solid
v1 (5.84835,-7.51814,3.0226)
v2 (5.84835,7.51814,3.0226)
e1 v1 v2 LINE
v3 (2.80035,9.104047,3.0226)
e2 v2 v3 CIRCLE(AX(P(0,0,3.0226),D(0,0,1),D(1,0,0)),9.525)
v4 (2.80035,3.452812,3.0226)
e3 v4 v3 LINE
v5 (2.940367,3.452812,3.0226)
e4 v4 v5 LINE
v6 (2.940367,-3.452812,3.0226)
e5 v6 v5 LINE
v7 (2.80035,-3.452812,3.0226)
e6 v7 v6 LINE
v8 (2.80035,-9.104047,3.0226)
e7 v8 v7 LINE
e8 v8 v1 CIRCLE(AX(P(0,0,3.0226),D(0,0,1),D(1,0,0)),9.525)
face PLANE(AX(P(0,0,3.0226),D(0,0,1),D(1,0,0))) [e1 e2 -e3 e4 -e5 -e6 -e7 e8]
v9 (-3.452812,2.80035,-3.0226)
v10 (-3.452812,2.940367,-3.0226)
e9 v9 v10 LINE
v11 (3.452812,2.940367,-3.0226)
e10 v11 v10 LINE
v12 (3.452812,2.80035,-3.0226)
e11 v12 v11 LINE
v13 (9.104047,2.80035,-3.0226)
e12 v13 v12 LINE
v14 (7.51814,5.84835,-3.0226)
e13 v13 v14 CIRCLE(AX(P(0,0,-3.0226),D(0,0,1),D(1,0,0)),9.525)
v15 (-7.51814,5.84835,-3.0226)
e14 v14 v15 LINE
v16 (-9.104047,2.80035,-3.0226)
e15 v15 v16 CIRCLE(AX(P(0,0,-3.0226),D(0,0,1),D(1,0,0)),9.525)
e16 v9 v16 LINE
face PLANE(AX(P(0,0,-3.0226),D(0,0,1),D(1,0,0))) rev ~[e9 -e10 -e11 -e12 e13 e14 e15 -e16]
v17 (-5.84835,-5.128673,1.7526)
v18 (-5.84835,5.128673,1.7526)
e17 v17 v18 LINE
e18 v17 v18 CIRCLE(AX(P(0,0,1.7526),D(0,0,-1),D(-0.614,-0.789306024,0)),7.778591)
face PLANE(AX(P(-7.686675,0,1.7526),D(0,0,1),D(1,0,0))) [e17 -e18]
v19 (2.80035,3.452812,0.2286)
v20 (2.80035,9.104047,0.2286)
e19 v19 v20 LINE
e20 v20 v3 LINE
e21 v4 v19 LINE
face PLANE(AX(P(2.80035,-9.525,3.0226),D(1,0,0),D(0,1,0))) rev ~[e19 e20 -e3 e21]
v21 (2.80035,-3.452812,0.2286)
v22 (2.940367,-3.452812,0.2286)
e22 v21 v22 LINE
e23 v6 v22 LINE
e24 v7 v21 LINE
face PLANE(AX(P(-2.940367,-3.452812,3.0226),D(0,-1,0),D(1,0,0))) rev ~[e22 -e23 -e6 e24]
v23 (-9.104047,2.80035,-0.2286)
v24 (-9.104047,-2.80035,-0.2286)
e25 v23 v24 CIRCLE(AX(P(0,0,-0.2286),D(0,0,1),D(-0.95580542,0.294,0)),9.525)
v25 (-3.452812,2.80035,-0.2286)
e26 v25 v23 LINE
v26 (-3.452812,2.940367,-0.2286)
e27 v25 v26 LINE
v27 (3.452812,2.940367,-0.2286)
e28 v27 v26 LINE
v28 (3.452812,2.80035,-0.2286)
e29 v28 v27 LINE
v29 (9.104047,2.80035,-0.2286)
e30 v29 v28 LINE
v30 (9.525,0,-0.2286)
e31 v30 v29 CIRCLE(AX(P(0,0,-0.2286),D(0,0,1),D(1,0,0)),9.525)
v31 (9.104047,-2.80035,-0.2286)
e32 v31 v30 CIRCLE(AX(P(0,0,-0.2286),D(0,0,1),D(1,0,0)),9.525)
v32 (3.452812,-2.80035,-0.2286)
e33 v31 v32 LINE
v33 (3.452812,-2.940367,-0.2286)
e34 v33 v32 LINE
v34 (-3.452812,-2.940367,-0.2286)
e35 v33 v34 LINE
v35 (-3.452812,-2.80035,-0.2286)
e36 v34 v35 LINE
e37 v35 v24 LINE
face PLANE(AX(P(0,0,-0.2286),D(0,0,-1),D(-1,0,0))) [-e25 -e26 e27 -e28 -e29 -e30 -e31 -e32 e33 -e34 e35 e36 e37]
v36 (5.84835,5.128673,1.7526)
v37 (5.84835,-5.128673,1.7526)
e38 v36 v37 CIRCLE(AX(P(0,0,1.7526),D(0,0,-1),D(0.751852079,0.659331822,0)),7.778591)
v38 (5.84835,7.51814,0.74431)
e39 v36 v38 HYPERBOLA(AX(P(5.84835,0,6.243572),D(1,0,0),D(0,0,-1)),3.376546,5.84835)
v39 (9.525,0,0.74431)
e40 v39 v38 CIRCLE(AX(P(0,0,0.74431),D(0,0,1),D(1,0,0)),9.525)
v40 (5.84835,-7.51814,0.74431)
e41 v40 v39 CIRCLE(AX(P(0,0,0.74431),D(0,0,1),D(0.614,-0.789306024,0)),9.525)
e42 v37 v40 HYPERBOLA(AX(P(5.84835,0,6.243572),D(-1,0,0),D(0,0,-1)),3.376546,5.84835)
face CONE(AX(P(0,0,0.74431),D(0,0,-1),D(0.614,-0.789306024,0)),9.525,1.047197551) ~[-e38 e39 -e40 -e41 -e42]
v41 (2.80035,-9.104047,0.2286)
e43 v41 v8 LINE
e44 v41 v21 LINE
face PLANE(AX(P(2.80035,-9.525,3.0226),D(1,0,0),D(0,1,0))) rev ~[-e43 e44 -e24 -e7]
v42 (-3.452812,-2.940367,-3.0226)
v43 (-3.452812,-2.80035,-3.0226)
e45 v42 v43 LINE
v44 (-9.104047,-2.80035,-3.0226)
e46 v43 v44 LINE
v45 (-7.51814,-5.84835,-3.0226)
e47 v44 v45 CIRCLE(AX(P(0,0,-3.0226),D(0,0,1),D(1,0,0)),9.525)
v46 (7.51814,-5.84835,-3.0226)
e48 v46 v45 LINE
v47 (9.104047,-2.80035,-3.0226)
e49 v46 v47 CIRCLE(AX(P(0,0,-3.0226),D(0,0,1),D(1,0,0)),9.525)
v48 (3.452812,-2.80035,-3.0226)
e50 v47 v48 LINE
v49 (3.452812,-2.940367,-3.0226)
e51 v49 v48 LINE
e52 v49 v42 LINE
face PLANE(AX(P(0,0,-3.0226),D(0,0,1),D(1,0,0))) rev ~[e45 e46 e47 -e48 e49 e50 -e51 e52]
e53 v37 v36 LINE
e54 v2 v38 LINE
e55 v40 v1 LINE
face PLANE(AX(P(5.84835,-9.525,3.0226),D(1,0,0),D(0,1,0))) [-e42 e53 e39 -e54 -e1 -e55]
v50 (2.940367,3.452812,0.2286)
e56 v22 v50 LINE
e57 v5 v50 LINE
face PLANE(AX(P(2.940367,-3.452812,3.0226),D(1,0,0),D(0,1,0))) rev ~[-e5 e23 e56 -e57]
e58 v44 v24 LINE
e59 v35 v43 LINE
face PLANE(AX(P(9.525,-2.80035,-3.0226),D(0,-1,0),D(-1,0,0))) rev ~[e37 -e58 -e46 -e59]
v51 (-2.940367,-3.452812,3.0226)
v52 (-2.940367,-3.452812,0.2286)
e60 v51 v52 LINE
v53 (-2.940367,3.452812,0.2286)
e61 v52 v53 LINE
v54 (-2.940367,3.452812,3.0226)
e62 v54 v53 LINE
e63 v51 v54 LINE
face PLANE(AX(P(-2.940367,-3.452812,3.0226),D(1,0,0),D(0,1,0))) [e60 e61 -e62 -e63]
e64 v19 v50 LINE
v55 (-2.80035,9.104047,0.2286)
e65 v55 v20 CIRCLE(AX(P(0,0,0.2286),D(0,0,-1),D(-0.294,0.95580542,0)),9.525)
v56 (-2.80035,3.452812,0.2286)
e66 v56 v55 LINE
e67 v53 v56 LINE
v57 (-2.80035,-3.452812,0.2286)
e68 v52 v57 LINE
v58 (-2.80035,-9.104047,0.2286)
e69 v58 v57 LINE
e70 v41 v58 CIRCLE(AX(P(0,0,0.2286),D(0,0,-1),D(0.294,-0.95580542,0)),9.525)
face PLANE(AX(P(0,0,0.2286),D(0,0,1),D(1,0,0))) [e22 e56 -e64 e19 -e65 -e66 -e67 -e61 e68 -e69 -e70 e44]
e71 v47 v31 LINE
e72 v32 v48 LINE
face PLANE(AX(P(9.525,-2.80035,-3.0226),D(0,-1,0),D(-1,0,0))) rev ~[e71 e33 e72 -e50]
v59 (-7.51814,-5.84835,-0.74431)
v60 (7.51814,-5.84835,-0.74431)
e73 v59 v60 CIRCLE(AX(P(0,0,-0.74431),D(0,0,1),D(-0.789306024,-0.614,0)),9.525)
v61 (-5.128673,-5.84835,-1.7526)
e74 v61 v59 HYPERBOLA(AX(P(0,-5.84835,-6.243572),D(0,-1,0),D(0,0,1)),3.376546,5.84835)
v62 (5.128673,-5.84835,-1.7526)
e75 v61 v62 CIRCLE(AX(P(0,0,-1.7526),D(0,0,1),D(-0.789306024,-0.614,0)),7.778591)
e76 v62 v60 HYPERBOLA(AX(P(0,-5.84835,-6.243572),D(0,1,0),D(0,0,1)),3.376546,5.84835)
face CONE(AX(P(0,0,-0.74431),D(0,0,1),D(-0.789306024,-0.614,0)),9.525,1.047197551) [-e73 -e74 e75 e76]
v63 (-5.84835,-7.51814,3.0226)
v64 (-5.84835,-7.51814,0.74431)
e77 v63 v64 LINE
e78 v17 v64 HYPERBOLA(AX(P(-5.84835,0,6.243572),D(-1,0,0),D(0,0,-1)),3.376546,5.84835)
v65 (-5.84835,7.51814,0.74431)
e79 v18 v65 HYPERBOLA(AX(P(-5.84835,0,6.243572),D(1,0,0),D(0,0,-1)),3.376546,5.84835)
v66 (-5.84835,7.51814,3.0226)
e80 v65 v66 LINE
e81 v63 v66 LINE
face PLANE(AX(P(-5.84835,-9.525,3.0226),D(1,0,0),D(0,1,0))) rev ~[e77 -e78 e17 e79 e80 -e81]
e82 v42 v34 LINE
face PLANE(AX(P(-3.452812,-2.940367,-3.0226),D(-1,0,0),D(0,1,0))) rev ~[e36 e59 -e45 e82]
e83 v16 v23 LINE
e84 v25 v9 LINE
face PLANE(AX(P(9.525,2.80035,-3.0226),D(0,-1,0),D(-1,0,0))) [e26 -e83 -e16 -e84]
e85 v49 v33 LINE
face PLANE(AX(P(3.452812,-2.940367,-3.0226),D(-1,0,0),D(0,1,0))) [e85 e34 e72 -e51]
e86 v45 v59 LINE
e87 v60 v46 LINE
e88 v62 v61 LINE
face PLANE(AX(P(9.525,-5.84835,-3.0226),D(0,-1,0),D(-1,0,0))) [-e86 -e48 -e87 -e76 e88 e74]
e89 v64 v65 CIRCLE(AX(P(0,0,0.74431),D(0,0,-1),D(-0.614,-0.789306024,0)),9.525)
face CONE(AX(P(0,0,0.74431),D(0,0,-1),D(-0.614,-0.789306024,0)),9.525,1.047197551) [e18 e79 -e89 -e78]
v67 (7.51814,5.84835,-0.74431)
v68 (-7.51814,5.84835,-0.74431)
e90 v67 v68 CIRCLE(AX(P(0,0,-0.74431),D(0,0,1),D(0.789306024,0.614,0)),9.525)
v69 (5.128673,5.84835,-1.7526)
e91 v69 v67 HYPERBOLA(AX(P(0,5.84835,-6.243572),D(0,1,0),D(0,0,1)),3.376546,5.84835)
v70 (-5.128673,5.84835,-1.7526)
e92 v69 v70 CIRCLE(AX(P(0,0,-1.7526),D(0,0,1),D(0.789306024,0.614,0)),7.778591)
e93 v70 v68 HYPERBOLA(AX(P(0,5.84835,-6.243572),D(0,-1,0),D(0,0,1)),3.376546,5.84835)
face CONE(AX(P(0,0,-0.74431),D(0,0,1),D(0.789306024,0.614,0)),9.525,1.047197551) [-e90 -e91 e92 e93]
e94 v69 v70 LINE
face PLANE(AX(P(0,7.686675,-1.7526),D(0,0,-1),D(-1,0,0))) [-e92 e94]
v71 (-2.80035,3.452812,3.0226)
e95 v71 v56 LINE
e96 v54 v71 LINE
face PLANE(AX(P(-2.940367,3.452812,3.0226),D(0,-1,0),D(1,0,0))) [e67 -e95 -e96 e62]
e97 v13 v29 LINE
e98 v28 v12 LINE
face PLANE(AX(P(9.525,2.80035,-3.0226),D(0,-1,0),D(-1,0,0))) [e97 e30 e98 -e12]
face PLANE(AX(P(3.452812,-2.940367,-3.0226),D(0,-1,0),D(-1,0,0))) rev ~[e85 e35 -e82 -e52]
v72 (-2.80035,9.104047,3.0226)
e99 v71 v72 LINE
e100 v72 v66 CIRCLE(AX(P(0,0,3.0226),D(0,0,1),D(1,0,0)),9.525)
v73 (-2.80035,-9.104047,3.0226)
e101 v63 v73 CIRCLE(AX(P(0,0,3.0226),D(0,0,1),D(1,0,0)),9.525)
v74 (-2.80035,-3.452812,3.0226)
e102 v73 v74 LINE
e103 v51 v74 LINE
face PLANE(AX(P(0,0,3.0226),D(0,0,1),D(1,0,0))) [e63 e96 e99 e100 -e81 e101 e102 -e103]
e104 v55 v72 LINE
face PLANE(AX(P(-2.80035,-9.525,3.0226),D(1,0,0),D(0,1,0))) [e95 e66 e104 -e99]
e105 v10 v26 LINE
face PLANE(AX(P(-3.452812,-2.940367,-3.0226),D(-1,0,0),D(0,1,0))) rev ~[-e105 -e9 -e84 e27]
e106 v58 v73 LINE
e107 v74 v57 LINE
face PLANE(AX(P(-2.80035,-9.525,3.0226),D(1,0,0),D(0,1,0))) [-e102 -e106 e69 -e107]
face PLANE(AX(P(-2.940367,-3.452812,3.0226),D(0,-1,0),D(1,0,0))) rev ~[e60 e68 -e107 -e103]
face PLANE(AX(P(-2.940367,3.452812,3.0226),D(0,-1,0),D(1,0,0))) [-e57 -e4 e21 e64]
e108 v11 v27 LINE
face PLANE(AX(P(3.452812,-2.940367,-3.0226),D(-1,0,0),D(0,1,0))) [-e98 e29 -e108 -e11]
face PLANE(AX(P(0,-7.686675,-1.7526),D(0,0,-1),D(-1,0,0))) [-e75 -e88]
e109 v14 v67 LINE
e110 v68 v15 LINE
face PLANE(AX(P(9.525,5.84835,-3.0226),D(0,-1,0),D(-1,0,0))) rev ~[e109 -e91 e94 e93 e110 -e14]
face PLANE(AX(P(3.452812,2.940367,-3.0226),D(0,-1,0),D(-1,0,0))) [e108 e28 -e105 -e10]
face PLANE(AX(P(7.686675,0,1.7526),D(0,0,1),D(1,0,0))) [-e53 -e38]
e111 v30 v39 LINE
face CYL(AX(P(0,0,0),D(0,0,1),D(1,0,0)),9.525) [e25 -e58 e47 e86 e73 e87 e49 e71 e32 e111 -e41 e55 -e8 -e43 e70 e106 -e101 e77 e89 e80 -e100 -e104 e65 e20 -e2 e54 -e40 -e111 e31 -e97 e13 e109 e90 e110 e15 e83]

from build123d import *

# Parameters (mm, degrees)
SKETCH1_R             = 9.525
BOSS_EXTRUDE1_DEPTH   = 3.0226
SKETCH2_W             = 5.6007
SKETCH2_H             = 19.05
CUT_EXTRUDE1_DEPTH    = 2.794
SKETCH3_W             = 19.05
SKETCH3_H             = 5.6007
CUT_EXTRUDE2_DEPTH    = 2.794
SKETCH4_W             = 3.67665
SKETCH4_H             = 19.05
CUT_EXTRUDE3_DEPTH    = 1.27
SKETCH5_W             = 19.05
SKETCH5_H             = 3.67665
CUT_EXTRUDE4_DEPTH    = 1.27
CHAMFER1_SIZE         = 1.74640875
CHAMFER1_SIZE2        = 1.008289562
CHAMFER1_PART_2_SIZE  = 1.74640875
CHAMFER1_PART_2_SIZE2 = 1.008289562
CHAMFER1_PART_3_SIZE  = 1.74640875
CHAMFER1_PART_3_SIZE2 = 1.008289562
CHAMFER1_PART_4_SIZE  = 1.74640875
CHAMFER1_PART_4_SIZE2 = 1.008289562
SKETCH6_W             = 5.880735
SKETCH6_H             = 6.905625
CUT_EXTRUDE5_DEPTH    = 2.794
SKETCH7_W             = 6.905625
SKETCH7_H             = 5.880735
CUT_EXTRUDE6_DEPTH    = 2.794


with BuildPart() as part:
    # Sketch1 → Boss-Extrude1 (new body, symmetric)
    with BuildSketch(Plane.XY):
        Circle(SKETCH1_R)
    extrude(amount=BOSS_EXTRUDE1_DEPTH, both=True)

    # Sketch2 → Cut-Extrude1 (cut)
    with BuildSketch(Plane.XY.offset(3.0226)):
        Rectangle(SKETCH2_W, SKETCH2_H)
    extrude(amount=-CUT_EXTRUDE1_DEPTH, mode=Mode.SUBTRACT)

    # Sketch3 → Cut-Extrude2 (cut)
    with BuildSketch(Plane(origin=(0, 0, -3.0226), x_dir=(-1, 0, 0), z_dir=(0, 0, -1))):
        Rectangle(SKETCH3_W, SKETCH3_H)
    extrude(amount=-CUT_EXTRUDE2_DEPTH, mode=Mode.SUBTRACT)

    # Sketch4 → Cut-Extrude3 (cut)
    with BuildSketch(Plane.XY.offset(3.0226)):
        with Locations((7.686675, 0)):
            Rectangle(SKETCH4_W, SKETCH4_H)
        with Locations((-7.686675, 0)):
            Rectangle(SKETCH4_W, SKETCH4_H)
    extrude(amount=-CUT_EXTRUDE3_DEPTH, mode=Mode.SUBTRACT)

    # Sketch5 → Cut-Extrude4 (cut)
    with BuildSketch(Plane(origin=(0, 0, -3.0226), x_dir=(-1, 0, 0), z_dir=(0, 0, -1))):
        with Locations((0, 7.686675)):
            Rectangle(SKETCH5_W, SKETCH5_H)
        with Locations((0, -7.686675)):
            Rectangle(SKETCH5_W, SKETCH5_H)
    extrude(amount=-CUT_EXTRUDE4_DEPTH, mode=Mode.SUBTRACT)

    # Chamfer1
    chamfer1_edges = [part.edges().sort_by_distance(p)[0] for p in [
        (0, 9.525, -1.7526),
    ]]
    chamfer1_side = [part.faces().sort_by_distance(p)[0] for p in [
        (0, 7.346425268, -1.7526),
    ]]
    chamfer(chamfer1_edges, length=CHAMFER1_SIZE, length2=CHAMFER1_SIZE2, reference=chamfer1_side[0])

    # Chamfer1 part 2
    chamfer1_part_2_edges = [part.edges().sort_by_distance(p)[0] for p in [
        (0, -9.525, -1.7526),
    ]]
    chamfer1_part_2_side = [part.faces().sort_by_distance(p)[0] for p in [
        (0, -7.346425268, -1.7526),
    ]]
    chamfer(chamfer1_part_2_edges, length=CHAMFER1_PART_2_SIZE, length2=CHAMFER1_PART_2_SIZE2, reference=chamfer1_part_2_side[0])

    # Chamfer1 part 3
    chamfer1_part_3_edges = [part.edges().sort_by_distance(p)[0] for p in [
        (8.556610274, -4.184500642, 1.7526),
    ]]
    chamfer1_part_3_side = [part.faces().sort_by_distance(p)[0] for p in [
        (7.346425268, 0, 1.7526),
    ]]
    chamfer(chamfer1_part_3_edges, length=CHAMFER1_PART_3_SIZE, length2=CHAMFER1_PART_3_SIZE2, reference=chamfer1_part_3_side[0])

    # Chamfer1 part 4
    chamfer1_part_4_edges = [part.edges().sort_by_distance(p)[0] for p in [
        (-9.525, 0, 1.7526),
    ]]
    chamfer1_part_4_side = [part.faces().sort_by_distance(p)[0] for p in [
        (-7.346425268, 0, 1.7526),
    ]]
    chamfer(chamfer1_part_4_edges, length=CHAMFER1_PART_4_SIZE, length2=CHAMFER1_PART_4_SIZE2, reference=chamfer1_part_4_side[0])

    # Sketch6 → Cut-Extrude5 (cut)
    with BuildSketch(Plane.XY.offset(3.0226)):
        Rectangle(SKETCH6_W, SKETCH6_H)
    extrude(amount=-CUT_EXTRUDE5_DEPTH, mode=Mode.SUBTRACT)

    # Sketch7 → Cut-Extrude6 (cut)
    with BuildSketch(Plane(origin=(0, 0, -3.0226), x_dir=(-1, 0, 0), z_dir=(0, 0, -1))):
        Rectangle(SKETCH7_W, SKETCH7_H)
    extrude(amount=-CUT_EXTRUDE6_DEPTH, mode=Mode.SUBTRACT)


solid = part.part
